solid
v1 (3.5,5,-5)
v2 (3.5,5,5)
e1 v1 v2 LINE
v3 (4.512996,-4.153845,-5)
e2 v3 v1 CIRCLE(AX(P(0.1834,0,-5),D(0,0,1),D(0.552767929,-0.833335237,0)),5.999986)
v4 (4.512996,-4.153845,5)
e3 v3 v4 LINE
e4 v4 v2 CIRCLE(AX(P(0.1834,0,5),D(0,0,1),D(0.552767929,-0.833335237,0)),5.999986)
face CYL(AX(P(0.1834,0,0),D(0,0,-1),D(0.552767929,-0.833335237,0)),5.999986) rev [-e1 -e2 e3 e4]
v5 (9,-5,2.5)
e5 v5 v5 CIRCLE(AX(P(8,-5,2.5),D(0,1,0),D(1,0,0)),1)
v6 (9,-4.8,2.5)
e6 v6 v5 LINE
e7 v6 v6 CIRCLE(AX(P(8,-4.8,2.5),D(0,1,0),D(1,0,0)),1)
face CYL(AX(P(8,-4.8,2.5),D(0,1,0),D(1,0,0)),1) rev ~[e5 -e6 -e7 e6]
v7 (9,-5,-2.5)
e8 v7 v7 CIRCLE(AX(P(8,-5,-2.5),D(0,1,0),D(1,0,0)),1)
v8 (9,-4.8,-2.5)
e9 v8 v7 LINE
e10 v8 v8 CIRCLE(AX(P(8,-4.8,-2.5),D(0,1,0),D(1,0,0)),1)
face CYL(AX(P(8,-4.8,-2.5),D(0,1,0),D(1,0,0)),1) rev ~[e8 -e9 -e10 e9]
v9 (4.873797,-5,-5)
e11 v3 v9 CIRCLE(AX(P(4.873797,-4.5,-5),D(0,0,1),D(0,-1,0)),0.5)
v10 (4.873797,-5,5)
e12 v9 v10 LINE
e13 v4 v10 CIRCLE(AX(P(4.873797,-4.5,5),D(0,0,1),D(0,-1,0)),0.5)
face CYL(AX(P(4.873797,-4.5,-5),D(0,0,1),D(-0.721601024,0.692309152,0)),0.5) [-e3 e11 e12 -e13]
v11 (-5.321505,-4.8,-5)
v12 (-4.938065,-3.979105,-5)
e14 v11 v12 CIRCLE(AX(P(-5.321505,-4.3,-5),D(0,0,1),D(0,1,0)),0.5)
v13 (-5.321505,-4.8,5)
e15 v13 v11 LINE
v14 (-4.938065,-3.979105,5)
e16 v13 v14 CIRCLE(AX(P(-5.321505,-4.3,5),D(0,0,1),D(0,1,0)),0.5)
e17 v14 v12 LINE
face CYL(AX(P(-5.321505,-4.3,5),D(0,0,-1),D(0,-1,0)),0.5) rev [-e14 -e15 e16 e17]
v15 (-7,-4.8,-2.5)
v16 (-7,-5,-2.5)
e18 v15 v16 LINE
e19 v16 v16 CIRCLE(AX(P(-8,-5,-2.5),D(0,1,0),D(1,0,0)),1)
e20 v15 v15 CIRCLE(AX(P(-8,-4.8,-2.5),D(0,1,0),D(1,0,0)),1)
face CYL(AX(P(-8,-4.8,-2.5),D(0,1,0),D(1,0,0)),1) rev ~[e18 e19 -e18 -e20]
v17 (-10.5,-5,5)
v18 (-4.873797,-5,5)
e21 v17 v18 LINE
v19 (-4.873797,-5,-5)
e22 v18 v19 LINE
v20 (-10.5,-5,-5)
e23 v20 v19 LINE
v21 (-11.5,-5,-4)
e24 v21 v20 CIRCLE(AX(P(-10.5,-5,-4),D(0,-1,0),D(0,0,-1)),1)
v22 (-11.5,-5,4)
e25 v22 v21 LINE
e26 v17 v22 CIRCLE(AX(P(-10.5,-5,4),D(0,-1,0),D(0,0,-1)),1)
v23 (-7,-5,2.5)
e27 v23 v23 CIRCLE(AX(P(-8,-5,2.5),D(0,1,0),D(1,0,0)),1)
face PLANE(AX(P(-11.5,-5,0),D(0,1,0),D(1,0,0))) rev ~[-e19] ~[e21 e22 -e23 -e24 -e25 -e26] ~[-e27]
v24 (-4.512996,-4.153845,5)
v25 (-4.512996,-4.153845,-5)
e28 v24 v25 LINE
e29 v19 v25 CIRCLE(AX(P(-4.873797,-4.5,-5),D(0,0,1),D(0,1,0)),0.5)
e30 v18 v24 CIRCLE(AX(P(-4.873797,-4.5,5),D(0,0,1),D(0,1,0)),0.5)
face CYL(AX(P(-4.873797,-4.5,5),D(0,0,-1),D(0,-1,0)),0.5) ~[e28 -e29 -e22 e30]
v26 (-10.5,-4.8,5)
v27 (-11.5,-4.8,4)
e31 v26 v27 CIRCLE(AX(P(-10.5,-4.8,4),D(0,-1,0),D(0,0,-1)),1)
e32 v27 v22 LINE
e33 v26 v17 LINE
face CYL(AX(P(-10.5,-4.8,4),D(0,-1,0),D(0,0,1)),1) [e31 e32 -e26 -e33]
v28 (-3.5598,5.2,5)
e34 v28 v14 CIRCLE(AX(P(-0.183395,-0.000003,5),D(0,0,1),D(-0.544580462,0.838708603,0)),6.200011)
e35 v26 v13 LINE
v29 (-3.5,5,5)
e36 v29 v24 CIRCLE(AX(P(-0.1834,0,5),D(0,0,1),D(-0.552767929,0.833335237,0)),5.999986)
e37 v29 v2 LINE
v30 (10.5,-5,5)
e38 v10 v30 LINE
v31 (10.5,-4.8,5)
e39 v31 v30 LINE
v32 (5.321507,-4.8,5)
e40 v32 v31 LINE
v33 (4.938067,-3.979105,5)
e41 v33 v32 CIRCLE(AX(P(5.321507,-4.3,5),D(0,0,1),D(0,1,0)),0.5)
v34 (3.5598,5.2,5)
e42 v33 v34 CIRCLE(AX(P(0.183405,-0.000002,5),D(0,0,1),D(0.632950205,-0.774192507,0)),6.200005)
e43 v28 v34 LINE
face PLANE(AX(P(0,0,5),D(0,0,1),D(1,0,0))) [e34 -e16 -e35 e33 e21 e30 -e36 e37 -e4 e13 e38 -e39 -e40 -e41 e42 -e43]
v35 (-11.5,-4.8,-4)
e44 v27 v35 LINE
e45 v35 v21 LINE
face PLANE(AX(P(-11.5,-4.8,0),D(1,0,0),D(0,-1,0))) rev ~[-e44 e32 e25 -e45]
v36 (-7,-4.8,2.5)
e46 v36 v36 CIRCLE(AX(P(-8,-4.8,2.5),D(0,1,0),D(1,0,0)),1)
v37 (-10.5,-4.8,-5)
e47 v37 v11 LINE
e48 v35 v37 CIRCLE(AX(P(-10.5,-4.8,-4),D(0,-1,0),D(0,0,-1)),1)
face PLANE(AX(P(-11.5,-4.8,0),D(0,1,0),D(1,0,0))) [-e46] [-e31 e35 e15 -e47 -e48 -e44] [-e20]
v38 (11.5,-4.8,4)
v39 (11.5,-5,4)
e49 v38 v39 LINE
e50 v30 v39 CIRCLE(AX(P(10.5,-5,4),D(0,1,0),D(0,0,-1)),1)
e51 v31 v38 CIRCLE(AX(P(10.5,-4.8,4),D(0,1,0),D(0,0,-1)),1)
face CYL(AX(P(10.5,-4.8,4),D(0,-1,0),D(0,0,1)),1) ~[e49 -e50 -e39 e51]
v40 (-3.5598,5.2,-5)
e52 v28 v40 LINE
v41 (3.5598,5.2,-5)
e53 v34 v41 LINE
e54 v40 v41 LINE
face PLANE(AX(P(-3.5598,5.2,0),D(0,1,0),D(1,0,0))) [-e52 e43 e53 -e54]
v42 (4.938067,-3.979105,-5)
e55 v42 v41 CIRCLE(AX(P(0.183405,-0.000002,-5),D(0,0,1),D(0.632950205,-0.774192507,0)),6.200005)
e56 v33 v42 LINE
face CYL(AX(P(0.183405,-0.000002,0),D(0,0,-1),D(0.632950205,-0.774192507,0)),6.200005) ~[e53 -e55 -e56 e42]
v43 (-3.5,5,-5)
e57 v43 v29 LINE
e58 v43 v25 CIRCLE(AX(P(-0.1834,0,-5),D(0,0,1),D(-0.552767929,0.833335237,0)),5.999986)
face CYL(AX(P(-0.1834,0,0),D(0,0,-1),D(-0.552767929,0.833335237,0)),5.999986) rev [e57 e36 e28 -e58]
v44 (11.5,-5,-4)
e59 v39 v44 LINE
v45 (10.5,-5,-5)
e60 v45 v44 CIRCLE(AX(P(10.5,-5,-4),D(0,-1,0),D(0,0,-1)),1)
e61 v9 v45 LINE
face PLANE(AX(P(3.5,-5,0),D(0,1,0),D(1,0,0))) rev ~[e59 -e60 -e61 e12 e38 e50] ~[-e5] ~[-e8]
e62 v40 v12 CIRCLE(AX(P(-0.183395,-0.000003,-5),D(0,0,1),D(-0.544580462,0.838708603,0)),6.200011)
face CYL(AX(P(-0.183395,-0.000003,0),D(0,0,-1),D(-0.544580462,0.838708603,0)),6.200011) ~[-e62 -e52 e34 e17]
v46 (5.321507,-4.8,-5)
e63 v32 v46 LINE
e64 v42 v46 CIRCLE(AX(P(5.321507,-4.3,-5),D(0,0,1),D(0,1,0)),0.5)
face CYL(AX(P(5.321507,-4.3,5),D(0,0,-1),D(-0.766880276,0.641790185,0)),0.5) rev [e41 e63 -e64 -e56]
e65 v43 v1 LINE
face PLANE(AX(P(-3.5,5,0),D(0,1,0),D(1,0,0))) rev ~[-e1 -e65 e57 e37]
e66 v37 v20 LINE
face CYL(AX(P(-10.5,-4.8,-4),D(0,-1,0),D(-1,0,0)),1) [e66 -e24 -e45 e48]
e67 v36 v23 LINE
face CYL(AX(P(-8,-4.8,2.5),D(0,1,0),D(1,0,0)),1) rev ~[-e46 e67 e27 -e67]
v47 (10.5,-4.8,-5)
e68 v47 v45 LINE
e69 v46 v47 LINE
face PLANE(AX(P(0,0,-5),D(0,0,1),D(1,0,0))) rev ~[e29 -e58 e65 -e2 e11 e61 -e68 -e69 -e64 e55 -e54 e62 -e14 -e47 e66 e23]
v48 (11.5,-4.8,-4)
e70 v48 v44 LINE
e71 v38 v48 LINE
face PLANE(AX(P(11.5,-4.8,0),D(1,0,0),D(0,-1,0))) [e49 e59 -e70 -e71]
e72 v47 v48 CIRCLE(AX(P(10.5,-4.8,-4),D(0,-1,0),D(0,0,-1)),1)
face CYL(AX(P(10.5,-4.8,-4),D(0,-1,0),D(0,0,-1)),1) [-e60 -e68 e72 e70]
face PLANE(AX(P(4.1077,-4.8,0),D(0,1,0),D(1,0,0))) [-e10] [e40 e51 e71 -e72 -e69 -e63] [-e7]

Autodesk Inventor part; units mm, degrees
sketch "Sketch1" plane through (0, 0, 0) normal (0, 0, 1) x (1, 0, 0)
  line L0 (-6, 5) -> (6, 5) construction
  line L1 (6, 5) -> (6, -5) construction
  line L2 (6, -5) -> (-6, -5) construction
  line L3 (-6, -5) -> (-6, 5) construction
  line L4 (-6, 5) -> (6, -5) construction
  line L5 (6, 5) -> (-6, -5) construction
  line L6 (-3.5, 5) -> (3.5, 5)
  line L7 (-3.5, -5) -> (3.5, -5) construction
  arc A0 (-3.5, 5) -> (-3.5, -5) centre (-0.1834, 0) ccw
  arc A1 (3.5, -5) -> (3.5, 5) centre (0.1834, 0) ccw
  line L8 (-11.5, -5) -> (-3.5, -5)
  line L9 (3.5, -5) -> (11.5, -5)
  line L10 (-11.5, -4.8) -> (-4.1077, -4.8)
  arc A2 (-3.5598, 5.2) -> (-4.1077, -4.8) centre (-0.1834, 0) ccw
  line L11 (-3.5598, 5.2) -> (3.5598, 5.2)
  arc A3 (4.1077, -4.8) -> (3.5598, 5.2) centre (0.1834, 0) ccw
  line L12 (4.1077, -4.8) -> (11.5, -4.8)
  line L13 (11.5, -4.8) -> (11.5, -5)
  line L14 (-11.5, -4.8) -> (-11.5, -5)
  point P0 (0, 0)
  point P1 (0, 0)
  point P2 (0, 5)
  point P3 (0, 5)
  point P4 (0, -5)
  point P5 (0, -5)
  dimension "d0" = 10
  dimension "d1" = 12
  dimension "d2" = 7
  dimension "d3" = 6
  dimension "d4" = 6
  dimension "d5" = 8
  dimension "d6" = 0.2
  dimension "d11" = 7
extrude "Extrusion1" add sketch "Sketch1" along normal mid plane 10
fillet "Fillet1" radius 1 4 edges at (-11.5, -4.9, -5) (-11.5, -4.9, 5) (11.5, -4.9, 5) (11.5, -4.9, -5)
sketch "Sketch2" plane through (4.1077, -4.8, 5) normal (0, 1, 0) x (1, 0, 0)
  point P0 (-4.1077, 5)
fillet "Fillet3" radius 0.5 4 edges at (4.1077, -4.8, 0) (3.5, -5, 0) (-3.5, -5, 0) (-4.1077, -4.8, 0)
sketch "Sketch3" plane through (11.5, -4.8, 4) normal (0, 1, 0) x (1, 0, 0)
  circle A0 centre (-3.5, 1.5) radius 1 projected
  circle A1 centre (-3.5, 6.5) radius 1 projected
  circle A2 centre (-19.5, 6.5) radius 1 projected
  circle A3 centre (-19.5, 1.5) radius 1 projected
  point P0 (-11.5, 4)
extrude "Extrusion2" cut sketch "Sketch3" against normal through all
properties part number "chapa_motor_001" material "Steel"
